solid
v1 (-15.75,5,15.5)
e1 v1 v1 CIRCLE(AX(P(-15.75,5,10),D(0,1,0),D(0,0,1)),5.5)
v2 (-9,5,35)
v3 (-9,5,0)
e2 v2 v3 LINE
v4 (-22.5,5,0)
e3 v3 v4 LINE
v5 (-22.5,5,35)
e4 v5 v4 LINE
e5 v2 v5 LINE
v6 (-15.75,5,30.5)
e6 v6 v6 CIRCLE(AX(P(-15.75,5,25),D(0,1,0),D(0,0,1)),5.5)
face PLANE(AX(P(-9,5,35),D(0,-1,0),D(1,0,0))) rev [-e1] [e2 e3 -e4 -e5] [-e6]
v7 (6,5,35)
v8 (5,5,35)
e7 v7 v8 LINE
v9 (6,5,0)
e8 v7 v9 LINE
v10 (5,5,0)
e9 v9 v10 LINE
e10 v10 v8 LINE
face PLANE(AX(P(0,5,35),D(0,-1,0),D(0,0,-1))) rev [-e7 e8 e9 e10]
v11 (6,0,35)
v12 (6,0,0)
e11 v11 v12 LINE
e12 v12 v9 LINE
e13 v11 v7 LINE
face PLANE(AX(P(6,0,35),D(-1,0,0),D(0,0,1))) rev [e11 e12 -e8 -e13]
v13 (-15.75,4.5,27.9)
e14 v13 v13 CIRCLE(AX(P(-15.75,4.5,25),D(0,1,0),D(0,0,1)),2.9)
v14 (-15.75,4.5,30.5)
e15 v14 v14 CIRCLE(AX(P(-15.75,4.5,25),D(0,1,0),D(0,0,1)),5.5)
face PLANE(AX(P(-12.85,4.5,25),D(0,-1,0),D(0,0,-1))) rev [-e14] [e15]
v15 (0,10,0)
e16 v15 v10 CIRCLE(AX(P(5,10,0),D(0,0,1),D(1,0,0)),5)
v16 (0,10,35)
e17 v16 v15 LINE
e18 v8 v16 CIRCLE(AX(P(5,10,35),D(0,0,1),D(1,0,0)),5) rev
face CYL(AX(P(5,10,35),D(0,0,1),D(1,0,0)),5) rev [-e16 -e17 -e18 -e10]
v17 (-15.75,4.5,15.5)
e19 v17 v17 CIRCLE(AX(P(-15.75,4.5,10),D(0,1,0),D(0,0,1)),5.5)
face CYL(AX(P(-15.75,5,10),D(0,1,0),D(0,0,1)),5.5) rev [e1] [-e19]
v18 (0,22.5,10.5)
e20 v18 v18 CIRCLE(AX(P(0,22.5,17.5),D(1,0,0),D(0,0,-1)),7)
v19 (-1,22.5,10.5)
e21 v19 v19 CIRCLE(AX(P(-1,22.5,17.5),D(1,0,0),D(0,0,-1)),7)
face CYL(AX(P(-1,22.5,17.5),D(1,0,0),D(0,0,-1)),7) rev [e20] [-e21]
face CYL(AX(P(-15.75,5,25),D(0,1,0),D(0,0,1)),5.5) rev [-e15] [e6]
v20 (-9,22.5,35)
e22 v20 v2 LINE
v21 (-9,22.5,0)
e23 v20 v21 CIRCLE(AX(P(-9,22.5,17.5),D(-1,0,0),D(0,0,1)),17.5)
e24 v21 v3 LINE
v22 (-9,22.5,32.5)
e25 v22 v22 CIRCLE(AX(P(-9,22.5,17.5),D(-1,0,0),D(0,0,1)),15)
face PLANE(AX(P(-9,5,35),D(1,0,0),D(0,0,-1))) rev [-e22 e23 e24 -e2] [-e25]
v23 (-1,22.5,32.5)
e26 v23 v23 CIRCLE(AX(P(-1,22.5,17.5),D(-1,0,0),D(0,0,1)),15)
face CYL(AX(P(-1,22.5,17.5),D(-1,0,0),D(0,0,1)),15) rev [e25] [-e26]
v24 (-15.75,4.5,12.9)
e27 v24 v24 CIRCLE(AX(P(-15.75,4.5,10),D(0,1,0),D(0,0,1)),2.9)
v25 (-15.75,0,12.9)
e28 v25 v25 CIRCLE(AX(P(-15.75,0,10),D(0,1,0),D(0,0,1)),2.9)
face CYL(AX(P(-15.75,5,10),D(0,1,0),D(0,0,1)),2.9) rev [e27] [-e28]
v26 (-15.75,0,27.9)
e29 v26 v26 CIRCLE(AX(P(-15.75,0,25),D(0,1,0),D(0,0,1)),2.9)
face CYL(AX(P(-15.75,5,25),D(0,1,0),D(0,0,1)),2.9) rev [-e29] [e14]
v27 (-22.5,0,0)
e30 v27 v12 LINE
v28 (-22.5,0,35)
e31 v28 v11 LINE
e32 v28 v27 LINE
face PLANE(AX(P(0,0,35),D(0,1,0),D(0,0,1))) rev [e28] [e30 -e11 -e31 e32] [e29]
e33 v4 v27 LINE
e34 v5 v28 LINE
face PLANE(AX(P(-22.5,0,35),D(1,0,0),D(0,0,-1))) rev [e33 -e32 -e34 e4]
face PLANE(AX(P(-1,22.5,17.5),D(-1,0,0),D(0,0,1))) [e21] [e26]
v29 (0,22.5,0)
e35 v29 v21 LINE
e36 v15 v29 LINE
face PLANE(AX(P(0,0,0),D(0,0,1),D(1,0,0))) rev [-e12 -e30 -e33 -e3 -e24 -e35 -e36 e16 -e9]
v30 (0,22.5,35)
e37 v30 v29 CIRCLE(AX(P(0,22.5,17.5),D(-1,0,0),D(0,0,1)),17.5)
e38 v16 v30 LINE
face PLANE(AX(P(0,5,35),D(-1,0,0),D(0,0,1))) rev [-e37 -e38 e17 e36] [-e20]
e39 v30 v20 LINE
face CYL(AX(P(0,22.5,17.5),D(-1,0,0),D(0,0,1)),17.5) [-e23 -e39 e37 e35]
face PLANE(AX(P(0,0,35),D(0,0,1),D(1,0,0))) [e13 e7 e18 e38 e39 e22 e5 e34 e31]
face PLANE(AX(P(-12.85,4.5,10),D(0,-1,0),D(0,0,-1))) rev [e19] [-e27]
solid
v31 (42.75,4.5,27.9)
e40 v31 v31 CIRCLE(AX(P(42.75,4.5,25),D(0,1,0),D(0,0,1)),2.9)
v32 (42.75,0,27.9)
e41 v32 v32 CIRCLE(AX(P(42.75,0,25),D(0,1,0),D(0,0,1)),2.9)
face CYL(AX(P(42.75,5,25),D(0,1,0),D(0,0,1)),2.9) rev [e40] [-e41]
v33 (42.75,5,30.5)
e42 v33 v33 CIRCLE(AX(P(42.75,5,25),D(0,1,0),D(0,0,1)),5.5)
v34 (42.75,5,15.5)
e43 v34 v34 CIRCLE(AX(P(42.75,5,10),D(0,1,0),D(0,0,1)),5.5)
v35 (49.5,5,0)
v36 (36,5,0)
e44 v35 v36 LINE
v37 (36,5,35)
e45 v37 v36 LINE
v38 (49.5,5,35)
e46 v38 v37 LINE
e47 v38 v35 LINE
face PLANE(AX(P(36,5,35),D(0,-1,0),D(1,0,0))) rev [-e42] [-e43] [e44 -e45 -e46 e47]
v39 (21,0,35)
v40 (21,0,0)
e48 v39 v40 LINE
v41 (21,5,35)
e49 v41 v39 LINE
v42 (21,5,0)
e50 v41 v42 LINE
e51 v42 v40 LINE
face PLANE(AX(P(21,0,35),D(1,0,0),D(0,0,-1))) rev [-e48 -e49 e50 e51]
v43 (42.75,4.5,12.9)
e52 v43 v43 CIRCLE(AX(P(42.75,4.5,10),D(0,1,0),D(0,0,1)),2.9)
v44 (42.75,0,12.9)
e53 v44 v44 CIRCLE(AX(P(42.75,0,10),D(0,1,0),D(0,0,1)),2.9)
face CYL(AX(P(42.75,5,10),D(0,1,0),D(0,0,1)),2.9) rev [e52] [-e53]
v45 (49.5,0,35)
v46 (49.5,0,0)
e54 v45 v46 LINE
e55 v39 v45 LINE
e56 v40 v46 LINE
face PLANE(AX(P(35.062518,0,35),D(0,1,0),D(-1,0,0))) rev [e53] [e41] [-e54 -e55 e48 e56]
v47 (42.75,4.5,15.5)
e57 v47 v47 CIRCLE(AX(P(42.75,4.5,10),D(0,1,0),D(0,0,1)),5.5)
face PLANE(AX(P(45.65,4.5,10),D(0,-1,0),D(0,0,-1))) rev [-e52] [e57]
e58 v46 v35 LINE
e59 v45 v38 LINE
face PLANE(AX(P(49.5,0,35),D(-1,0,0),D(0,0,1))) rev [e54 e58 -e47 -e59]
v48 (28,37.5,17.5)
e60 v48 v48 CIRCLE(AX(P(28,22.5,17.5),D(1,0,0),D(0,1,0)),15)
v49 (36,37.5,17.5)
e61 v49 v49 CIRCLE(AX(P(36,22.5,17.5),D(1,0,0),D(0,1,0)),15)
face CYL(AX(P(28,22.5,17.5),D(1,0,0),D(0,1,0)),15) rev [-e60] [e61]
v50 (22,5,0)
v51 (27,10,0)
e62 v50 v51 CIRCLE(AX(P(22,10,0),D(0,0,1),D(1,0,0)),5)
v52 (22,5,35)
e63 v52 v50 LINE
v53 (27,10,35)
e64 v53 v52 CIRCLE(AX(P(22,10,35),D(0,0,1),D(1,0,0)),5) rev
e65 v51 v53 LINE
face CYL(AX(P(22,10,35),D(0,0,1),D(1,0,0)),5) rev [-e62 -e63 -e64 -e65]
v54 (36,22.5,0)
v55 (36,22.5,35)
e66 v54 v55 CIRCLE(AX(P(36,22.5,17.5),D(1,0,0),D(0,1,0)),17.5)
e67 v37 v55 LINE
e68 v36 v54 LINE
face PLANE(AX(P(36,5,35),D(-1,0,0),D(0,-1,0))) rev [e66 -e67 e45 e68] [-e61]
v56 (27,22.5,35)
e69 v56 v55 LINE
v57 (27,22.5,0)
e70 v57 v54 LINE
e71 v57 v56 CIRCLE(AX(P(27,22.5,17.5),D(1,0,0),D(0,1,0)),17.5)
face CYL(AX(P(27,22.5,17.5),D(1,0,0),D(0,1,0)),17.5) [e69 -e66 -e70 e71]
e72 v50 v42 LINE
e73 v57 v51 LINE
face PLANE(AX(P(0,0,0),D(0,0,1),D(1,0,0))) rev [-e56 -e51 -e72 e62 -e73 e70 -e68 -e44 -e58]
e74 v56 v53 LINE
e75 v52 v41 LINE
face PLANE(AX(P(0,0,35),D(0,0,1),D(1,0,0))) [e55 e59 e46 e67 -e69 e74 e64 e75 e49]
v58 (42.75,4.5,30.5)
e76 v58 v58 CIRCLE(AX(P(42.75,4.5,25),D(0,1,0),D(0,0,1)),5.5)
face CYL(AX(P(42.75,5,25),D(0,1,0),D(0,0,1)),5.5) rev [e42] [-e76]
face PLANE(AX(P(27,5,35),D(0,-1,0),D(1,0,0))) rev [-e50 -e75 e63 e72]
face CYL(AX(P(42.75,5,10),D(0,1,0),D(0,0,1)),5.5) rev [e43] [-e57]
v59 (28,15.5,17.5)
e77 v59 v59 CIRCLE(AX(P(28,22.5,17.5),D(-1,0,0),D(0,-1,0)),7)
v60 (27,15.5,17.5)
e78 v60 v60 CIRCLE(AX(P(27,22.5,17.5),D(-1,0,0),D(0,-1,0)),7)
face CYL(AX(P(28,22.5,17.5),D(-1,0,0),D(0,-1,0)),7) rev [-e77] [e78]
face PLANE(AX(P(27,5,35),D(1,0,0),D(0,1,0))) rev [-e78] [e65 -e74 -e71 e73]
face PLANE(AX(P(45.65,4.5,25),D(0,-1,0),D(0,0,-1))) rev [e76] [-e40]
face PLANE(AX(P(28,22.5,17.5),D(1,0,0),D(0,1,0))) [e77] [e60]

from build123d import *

# Parameters (mm, degrees)
EXTRUDE_2_DEPTH            = 35
EXTRUDE_2_2_DEPTH          = 35
CUT_EXTRUDE_11_DEPTH       = 9
CUT_EXTRUDE_12_DEPTH       = 9
SKETCH_6_R                 = 15
CUT_EXTRUDE_13_DEPTH       = 8
CUT_EXTRUDE_START          = -8
SKETCH_7_R                 = 15
CUT_EXTRUDE_15_DEPTH       = 8
SKETCH_16_R                = 7
CUT_EXTRUDE_18_DEPTH       = 1
SKETCH_17_R                = 7
CUT_EXTRUDE_19_DEPTH       = 1
HOLE_WIZARD_C_1_AT_2_COUNT = 2
HOLE_WIZARD_C_1_AT_2_PITCH = 15
HOLE_WIZARD_C_1_AT_3_COUNT = 2
HOLE_WIZARD_C_1_AT_3_PITCH = 58.5
HOLE_WIZARD_C_1_AT_4_COUNT = 2
HOLE_WIZARD_C_1_AT_4_PITCH = 60.392466418
FILLET_3_R                 = 5
FILLET_4_R                 = 5


with BuildPart() as part:
    # 草图2 → 凸台-拉伸2 (new body)
    with BuildSketch(Plane.XY):
        Polygon((0, 0), (-8.062518271, 0), (-22.5, 0), (-22.5, 5), (-9, 5), (-9, 40), (0, 40), (0, 5), (6, 5), (6, 0), align=None)
    extrude(amount=EXTRUDE_2_DEPTH)

    # 草图5 → 切除-拉伸12 (cut)
    with BuildSketch(Plane.ZY.offset(9)):
        with BuildLine():
            Line((0, 40), (0, 22.5))
            ThreePointArc((0, 22.5), (5.125631329, 34.874368671), (17.5, 40))
            Line((17.5, 40), (0, 40))
        make_face()
        with BuildLine():
            ThreePointArc((17.5, 40), (29.874368671, 34.874368671), (35, 22.5))
            Line((35, 22.5), (35, 40))
            Line((35, 40), (17.5, 40))
        make_face()
    extrude(amount=-CUT_EXTRUDE_12_DEPTH, mode=Mode.SUBTRACT)

    # 草图6 → 切除-拉伸13 (cut)
    with BuildSketch(Plane.ZY.offset(9)):
        with Locations((17.5, 22.5)):
            Circle(SKETCH_6_R)
    extrude(amount=-CUT_EXTRUDE_13_DEPTH, mode=Mode.SUBTRACT)

    # 草图17 → 切除-拉伸19 (cut)
    with BuildSketch(Plane(origin=(0, 0, 0), x_dir=(0, 0, -1), z_dir=(1, 0, 0))):
        with Locations((-17.5, 22.5)):
            Circle(SKETCH_17_R)
    extrude(amount=-CUT_EXTRUDE_19_DEPTH, mode=Mode.SUBTRACT)

    # 草图20 → 打孔尺寸(%根据六角头螺)栓 C 级的类型1 (revolve, cut)
    with BuildSketch(Plane(origin=(-15.75, 5, 10), x_dir=(0, 0, 1), z_dir=(1, 0, 0))):
        Polygon((0, 0), (0, 6.742495795), (2.9, 5), (2.9, 0.5), (5.5, 0.5), (5.5, 0), align=None)
    hole_wizard_c_1 = revolve(axis=Axis((-15.75, 11.35, 10), (0, -1, 0)), mode=Mode.SUBTRACT)

    # 打孔尺寸(%根据六角头螺)栓 C 级的类型1 at 2: 打孔尺寸(%根据六角头螺)栓 C 级的类型1 ×2
    with Locations(*[(0, 0, i * HOLE_WIZARD_C_1_AT_2_PITCH) for i in range(1, HOLE_WIZARD_C_1_AT_2_COUNT)]):
        add(hole_wizard_c_1, mode=Mode.SUBTRACT)

    # 圆角4
    fillet_4_edges = [part.edges().sort_by_distance(p)[0] for p in [
        (0, 5, 17.5),
    ]]
    fillet(fillet_4_edges, radius=FILLET_4_R)


with BuildPart() as body_2:
    # 草图2 → Extrude 2 2 (new body)
    with BuildSketch(Plane.XY):
        Polygon((49.5, 0), (49.5, 5), (36, 5), (36, 40), (27, 40), (27, 5), (21, 5), (21, 0), (27, 0), (35.062518271, 0), align=None)
    extrude(amount=EXTRUDE_2_2_DEPTH)

    # 草图4 → 切除-拉伸11 (cut)
    with BuildSketch(Plane(origin=(36, 0, 0), x_dir=(0, 0, -1), z_dir=(1, 0, 0))):
        with BuildLine():
            Line((-35, 40), (-35, 22.5))
            ThreePointArc((-35, 22.5), (-29.874368671, 34.874368671), (-17.5, 40))
            Line((-17.5, 40), (-35, 40))
        make_face()
        with BuildLine():
            ThreePointArc((-17.5, 40), (-5.125631329, 34.874368671), (0, 22.5))
            Line((0, 22.5), (0, 40))
            Line((0, 40), (-17.5, 40))
        make_face()
    extrude(amount=-CUT_EXTRUDE_11_DEPTH, mode=Mode.SUBTRACT)

    # 草图7 → 切除-拉伸15 (cut)
    with BuildSketch(Plane(origin=(36, 0, 0), x_dir=(0, 0, -1), z_dir=(1, 0, 0)).offset(CUT_EXTRUDE_START)):
        with Locations((-17.5, 22.5)):
            Circle(SKETCH_7_R)
    extrude(amount=CUT_EXTRUDE_15_DEPTH, mode=Mode.SUBTRACT)

    # 草图16 → 切除-拉伸18 (cut)
    with BuildSketch(Plane.ZY.offset(-27)):
        with Locations((17.5, 22.5)):
            Circle(SKETCH_16_R)
    extrude(amount=-CUT_EXTRUDE_18_DEPTH, mode=Mode.SUBTRACT)

    # 打孔尺寸(%根据六角头螺)栓 C 级的类型1 at 3: 打孔尺寸(%根据六角头螺)栓 C 级的类型1 ×2
    with Locations(*[(i * HOLE_WIZARD_C_1_AT_3_PITCH, 0, 0) for i in range(1, HOLE_WIZARD_C_1_AT_3_COUNT)]):
        add(hole_wizard_c_1, mode=Mode.SUBTRACT)

    # 打孔尺寸(%根据六角头螺)栓 C 级的类型1 at 4: 打孔尺寸(%根据六角头螺)栓 C 级的类型1 ×2
    with Locations(*[Vector(0.968663866044045, 0, 0.24837535026770385) * (i * HOLE_WIZARD_C_1_AT_4_PITCH) for i in range(1, HOLE_WIZARD_C_1_AT_4_COUNT)]):
        add(hole_wizard_c_1, mode=Mode.SUBTRACT)

    # 圆角3
    fillet_3_edges = [body_2.edges().sort_by_distance(p)[0] for p in [
        (27, 5, 17.5),
    ]]
    fillet(fillet_3_edges, radius=FILLET_3_R)


solid = Compound([part.part, body_2.part])
